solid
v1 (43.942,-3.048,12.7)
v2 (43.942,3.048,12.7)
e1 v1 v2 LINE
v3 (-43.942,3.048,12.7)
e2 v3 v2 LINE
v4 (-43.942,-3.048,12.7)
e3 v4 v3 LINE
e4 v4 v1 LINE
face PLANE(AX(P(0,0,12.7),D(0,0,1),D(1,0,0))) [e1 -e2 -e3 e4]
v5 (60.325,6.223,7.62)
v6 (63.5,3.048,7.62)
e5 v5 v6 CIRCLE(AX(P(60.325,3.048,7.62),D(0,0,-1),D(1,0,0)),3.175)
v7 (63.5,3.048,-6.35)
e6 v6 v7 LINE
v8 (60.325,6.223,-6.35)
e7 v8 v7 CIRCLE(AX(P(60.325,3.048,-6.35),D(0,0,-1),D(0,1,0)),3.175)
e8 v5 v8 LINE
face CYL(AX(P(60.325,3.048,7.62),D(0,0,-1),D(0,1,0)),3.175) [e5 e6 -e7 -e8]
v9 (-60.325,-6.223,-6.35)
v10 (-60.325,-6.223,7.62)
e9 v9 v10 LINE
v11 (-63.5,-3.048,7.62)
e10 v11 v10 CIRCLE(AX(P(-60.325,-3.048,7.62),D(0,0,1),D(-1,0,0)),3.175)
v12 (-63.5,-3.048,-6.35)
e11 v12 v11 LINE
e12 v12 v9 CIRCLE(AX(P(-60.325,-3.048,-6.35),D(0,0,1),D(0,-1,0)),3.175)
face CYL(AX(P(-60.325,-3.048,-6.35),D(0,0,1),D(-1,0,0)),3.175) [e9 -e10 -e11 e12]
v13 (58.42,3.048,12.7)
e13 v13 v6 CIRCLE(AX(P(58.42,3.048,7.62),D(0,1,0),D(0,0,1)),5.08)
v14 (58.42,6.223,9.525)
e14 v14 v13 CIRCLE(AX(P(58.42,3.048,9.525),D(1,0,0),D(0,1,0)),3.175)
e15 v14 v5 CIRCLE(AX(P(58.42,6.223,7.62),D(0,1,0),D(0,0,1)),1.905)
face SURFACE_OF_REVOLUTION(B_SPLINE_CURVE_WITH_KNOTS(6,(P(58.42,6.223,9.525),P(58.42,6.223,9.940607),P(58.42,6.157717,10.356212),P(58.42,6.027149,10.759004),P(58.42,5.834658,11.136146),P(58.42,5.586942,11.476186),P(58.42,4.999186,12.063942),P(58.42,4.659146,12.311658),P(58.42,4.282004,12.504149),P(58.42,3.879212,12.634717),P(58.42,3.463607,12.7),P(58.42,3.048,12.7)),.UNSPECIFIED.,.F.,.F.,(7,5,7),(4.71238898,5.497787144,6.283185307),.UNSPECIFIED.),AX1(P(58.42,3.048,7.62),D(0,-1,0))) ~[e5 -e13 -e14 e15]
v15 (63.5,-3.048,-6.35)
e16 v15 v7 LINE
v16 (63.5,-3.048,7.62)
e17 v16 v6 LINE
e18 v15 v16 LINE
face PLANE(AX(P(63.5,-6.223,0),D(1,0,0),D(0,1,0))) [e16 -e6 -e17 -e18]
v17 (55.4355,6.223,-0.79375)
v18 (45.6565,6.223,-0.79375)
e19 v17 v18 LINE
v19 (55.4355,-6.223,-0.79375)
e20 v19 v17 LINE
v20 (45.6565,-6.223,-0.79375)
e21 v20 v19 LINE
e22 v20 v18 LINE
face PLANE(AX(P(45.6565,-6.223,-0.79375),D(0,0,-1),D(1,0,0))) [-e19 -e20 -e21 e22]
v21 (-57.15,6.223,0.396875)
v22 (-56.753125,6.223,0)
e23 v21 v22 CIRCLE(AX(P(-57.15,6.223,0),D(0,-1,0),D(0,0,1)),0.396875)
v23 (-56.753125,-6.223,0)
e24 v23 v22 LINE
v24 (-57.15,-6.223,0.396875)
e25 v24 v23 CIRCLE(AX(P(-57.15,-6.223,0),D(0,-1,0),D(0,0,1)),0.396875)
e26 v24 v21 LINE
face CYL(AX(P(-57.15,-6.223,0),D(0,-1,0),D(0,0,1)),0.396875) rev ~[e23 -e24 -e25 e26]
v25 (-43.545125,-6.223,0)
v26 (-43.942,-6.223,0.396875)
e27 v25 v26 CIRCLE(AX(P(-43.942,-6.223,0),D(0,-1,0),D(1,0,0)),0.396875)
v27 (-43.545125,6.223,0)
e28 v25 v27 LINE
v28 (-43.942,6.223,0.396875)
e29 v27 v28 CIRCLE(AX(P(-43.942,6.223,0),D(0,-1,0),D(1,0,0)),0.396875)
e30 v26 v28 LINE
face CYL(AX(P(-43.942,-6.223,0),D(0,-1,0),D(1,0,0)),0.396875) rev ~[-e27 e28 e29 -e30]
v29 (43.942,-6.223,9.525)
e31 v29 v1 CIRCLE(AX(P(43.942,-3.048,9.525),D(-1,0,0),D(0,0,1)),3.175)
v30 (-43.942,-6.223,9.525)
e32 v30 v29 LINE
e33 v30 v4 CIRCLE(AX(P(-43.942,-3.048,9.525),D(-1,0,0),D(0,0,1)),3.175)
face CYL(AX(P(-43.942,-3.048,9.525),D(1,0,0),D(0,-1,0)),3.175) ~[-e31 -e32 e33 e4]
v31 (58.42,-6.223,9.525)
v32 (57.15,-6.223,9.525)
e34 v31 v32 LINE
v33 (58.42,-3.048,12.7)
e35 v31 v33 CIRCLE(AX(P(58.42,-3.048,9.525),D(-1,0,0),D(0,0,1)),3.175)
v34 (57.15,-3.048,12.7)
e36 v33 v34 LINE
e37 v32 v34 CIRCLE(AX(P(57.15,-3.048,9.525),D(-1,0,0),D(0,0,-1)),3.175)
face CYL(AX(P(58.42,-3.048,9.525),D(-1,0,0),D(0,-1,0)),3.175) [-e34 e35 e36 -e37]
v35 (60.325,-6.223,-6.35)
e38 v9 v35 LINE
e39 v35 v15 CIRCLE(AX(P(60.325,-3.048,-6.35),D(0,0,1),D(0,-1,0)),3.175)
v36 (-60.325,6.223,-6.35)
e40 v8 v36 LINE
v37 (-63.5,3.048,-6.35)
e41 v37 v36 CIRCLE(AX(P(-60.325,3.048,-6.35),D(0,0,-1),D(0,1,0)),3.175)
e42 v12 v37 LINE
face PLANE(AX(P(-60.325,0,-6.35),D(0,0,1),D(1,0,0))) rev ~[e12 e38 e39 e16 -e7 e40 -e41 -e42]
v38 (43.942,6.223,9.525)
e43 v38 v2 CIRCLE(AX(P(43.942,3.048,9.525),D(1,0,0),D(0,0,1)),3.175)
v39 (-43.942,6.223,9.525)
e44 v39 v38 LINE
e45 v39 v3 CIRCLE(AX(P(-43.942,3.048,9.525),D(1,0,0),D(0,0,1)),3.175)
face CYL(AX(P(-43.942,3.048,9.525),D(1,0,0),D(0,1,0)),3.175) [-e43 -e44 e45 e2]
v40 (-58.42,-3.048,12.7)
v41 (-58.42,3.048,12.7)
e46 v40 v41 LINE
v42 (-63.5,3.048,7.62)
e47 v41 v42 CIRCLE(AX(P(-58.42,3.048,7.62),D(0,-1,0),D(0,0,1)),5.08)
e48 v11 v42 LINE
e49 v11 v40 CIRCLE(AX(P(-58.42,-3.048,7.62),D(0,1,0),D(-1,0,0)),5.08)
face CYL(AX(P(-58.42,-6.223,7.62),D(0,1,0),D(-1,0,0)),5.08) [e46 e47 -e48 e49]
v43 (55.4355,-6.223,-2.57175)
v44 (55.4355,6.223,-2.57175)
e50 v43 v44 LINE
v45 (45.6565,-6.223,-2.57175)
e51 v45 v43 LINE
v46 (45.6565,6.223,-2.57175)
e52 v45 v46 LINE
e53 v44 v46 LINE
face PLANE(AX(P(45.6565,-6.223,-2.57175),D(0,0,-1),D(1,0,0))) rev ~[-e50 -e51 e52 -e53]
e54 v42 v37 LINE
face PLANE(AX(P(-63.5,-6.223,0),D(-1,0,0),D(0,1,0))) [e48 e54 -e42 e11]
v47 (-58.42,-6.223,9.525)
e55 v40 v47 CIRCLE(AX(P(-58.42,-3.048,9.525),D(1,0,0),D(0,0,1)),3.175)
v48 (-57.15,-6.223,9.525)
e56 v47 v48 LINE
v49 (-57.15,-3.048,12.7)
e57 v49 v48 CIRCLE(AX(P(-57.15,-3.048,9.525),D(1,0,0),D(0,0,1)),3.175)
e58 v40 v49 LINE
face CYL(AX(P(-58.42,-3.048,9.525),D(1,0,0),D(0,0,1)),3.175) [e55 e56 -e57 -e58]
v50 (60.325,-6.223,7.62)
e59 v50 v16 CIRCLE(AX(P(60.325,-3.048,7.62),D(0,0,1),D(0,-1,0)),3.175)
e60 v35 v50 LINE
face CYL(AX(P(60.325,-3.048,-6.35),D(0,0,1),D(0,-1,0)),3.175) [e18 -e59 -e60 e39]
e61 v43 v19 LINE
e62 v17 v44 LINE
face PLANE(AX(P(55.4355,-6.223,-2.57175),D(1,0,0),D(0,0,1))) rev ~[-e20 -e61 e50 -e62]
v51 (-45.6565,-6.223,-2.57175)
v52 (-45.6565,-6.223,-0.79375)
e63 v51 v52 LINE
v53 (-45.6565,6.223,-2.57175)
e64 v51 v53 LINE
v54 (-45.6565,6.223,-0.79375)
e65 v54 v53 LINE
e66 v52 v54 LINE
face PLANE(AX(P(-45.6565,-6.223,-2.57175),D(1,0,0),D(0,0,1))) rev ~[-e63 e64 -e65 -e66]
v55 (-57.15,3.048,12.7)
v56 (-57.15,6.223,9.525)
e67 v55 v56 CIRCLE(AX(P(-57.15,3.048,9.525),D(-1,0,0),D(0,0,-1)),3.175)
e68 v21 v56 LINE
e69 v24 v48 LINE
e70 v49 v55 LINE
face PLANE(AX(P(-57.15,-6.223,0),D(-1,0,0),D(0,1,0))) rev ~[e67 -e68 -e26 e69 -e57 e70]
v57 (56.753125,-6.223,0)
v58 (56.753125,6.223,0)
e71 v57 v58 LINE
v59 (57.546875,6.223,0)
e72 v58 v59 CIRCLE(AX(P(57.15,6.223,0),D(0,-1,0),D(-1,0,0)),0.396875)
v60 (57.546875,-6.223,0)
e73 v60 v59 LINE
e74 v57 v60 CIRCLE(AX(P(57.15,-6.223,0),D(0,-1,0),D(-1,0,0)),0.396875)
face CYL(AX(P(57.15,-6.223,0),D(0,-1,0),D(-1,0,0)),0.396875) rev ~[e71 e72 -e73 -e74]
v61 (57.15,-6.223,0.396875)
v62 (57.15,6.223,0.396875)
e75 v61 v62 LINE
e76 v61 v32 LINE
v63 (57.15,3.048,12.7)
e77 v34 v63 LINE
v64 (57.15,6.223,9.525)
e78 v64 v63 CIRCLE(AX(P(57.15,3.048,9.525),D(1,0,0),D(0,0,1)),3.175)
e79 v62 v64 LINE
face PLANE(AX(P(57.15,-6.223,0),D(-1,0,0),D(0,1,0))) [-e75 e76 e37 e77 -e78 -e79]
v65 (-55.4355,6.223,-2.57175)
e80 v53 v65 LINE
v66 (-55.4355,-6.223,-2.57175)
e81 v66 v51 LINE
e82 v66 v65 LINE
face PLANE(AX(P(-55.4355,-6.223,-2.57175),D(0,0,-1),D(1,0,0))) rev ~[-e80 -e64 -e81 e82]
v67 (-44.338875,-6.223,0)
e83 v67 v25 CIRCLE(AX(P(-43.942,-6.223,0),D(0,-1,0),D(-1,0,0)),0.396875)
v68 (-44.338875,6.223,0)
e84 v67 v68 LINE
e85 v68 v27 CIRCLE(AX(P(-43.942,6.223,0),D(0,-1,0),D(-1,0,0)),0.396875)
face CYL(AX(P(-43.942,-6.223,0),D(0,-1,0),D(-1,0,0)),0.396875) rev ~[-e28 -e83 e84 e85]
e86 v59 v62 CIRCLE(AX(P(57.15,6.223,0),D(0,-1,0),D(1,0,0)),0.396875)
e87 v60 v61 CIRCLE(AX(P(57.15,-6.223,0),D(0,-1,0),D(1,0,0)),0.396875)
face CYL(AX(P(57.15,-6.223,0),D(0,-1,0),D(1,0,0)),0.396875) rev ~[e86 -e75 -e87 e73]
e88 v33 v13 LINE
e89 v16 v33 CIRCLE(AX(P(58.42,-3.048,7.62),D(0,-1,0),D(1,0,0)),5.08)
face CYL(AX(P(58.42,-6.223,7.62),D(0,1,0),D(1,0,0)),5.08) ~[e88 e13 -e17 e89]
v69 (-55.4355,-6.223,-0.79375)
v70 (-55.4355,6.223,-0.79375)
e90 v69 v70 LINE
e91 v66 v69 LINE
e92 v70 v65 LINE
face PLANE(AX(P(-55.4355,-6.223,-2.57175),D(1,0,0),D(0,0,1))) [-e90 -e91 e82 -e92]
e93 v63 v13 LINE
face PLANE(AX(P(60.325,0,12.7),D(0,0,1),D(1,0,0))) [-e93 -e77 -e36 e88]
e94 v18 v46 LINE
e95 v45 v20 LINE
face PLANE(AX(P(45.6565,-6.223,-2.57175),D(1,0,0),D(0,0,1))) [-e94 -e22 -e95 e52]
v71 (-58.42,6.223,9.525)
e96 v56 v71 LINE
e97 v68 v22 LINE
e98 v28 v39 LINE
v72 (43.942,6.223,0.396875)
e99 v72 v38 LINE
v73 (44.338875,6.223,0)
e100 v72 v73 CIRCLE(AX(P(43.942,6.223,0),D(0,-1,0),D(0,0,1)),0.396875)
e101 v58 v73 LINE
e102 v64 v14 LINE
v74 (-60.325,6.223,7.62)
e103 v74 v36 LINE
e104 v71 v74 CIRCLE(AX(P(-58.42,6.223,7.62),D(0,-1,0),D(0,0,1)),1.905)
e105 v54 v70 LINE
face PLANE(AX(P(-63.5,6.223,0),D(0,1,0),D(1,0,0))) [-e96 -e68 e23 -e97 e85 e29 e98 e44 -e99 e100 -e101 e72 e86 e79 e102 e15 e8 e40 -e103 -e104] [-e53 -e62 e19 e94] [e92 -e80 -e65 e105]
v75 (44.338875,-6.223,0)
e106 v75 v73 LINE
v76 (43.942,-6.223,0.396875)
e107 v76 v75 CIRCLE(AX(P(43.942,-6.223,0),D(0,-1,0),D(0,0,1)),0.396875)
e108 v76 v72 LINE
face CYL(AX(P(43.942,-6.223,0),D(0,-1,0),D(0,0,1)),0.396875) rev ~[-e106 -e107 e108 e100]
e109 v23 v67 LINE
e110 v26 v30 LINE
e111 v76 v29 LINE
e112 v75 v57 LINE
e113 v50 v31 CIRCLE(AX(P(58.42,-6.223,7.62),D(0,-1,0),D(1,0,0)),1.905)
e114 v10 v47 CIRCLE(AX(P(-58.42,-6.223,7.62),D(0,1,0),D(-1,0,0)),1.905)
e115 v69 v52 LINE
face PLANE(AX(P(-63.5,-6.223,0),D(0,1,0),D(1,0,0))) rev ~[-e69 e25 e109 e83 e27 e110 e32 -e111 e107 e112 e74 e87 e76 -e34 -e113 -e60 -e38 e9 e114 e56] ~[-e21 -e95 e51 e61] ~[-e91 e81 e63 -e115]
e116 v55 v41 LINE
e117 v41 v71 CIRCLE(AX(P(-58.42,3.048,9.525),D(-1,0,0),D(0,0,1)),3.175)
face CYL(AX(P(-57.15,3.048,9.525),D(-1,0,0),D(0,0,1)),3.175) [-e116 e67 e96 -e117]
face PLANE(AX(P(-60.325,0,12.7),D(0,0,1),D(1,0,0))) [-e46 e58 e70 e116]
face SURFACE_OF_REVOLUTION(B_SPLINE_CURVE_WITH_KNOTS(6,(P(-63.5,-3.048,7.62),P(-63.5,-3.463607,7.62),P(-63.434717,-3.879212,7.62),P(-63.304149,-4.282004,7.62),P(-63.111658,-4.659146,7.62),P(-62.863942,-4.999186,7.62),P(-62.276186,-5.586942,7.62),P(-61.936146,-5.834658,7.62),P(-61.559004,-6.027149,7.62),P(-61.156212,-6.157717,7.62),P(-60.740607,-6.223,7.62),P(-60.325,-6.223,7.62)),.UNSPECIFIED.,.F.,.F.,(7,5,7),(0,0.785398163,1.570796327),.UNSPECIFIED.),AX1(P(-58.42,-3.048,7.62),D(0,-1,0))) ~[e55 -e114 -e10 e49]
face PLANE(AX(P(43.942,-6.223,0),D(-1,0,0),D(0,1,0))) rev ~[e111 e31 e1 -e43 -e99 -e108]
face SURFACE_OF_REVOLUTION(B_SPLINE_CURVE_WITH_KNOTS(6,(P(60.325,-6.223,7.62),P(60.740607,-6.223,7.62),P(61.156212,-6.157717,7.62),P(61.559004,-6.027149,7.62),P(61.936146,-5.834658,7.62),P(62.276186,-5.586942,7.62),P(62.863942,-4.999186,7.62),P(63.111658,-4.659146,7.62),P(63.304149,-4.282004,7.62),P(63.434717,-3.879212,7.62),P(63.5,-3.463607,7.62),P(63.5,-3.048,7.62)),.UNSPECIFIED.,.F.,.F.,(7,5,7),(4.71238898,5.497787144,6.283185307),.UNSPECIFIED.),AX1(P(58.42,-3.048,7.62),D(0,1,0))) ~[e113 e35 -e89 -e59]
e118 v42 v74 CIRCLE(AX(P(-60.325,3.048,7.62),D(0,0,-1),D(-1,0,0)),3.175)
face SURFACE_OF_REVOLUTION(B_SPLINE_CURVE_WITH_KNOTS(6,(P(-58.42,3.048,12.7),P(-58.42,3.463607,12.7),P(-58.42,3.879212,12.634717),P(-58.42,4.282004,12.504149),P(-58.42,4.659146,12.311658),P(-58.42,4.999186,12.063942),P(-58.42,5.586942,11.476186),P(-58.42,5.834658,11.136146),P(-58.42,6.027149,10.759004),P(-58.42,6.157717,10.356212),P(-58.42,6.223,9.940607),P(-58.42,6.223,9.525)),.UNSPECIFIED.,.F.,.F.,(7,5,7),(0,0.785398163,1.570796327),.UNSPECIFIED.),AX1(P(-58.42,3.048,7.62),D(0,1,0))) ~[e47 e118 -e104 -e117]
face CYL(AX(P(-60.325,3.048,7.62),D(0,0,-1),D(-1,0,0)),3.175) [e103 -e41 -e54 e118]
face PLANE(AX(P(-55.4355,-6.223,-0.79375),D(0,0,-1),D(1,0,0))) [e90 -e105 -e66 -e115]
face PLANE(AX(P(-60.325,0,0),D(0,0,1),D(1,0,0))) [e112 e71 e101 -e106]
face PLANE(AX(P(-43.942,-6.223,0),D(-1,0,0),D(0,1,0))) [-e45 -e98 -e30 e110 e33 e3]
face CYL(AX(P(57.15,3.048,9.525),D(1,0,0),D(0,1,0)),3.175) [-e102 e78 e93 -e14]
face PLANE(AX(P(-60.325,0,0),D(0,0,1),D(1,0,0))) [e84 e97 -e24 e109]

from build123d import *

# Parameters (mm, degrees)
F0_W     = 6.35
F0_H     = 12.446
F0_W_2   = 13.208
F0_W_3   = 87.884
F1_DEPTH = 6.35
F2_DEPTH = 12.7
F4_DEPTH = 12.447
F5_R     = 5.08
F6_R     = 3.175
F7_W     = 9.779
F7_H     = 1.778
F8_DEPTH = 12.447


with BuildPart() as f1:
    # F0 (on Top) → F1 (new body)
    with BuildSketch(Plane.XY):
        with Locations((-60.325, 0)):
            Rectangle(F0_W, F0_H)
        with Locations((-50.546, 0)):
            Rectangle(F0_W_2, F0_H)
        Rectangle(F0_W_3, F0_H)
        with Locations((50.546, 0)):
            Rectangle(F0_W_2, F0_H)
        with Locations((60.325, 0)):
            Rectangle(F0_W, F0_H)
    extrude(amount=-F1_DEPTH)

    # F0 (on Top) → F2 (join)
    with BuildSketch(Plane.XY):
        with Locations((-60.325, 0)):
            Rectangle(F0_W, F0_H)
        Rectangle(F0_W_3, F0_H)
        with Locations((60.325, 0)):
            Rectangle(F0_W, F0_H)
    extrude(amount=F2_DEPTH)

    # F3 (on face) → F4 (cut, through all)
    with BuildSketch(Plane.XZ.offset(6.223)):
        with BuildLine():
            ThreePointArc((-57.15, 0.396875), (-57.4306330038, -0.2806330038), (-56.753125, 0))
            Line((-56.753125, 0), (-57.15, 0))
            Line((-57.15, 0), (-57.15, 0.396875))
        make_face()
        with BuildLine():
            Line((-43.942, 0), (-44.338875, 0))
            ThreePointArc((-44.338875, 0), (-43.942, -0.396875), (-43.545125, 0))
            ThreePointArc((-43.545125, 0), (-43.6613669962, 0.2806330038), (-43.942, 0.396875))
            Line((-43.942, 0.396875), (-43.942, 0))
        make_face()
        with BuildLine():
            Line((43.942, 0), (43.942, 0.396875))
            ThreePointArc((43.942, 0.396875), (43.6613669962, -0.2806330038), (44.338875, 0))
            Line((44.338875, 0), (43.942, 0))
        make_face()
        with BuildLine():
            Line((57.15, 0), (56.753125, 0))
            ThreePointArc((56.753125, 0), (57.15, -0.396875), (57.546875, 0))
            ThreePointArc((57.546875, 0), (57.4306330038, 0.2806330038), (57.15, 0.396875))
            Line((57.15, 0.396875), (57.15, 0))
        make_face()
    extrude(amount=-F4_DEPTH, mode=Mode.SUBTRACT)

    # F5
    f5_edges = [f1.edges().sort_by_distance(p)[0] for p in [
        (63.5, 0, 12.7),
        (-63.5, 0, 12.7),
    ]]
    fillet(f5_edges, radius=F5_R)

    # F6
    f6_edges = [f1.edges().sort_by_distance(p)[0] for p in [
        (0, -6.223, 12.7),
        (0, 6.223, 12.7),
        (-63.5, -6.223, 0.635),
        (63.5, -6.223, 0.635),
        (-63.5, 6.223, 0.635),
        (63.5, 6.223, 0.635),
    ]]
    fillet(f6_edges, radius=F6_R)

    # F7 (on face) → F8 (cut, through all)
    with BuildSketch(Plane.XZ.offset(6.223)):
        with Locations((-50.546, -1.68275)):
            Rectangle(F7_W, F7_H)
        with Locations((50.546, -1.68275)):
            Rectangle(F7_W, F7_H)
    extrude(amount=-F8_DEPTH, mode=Mode.SUBTRACT)


solid = f1.part
